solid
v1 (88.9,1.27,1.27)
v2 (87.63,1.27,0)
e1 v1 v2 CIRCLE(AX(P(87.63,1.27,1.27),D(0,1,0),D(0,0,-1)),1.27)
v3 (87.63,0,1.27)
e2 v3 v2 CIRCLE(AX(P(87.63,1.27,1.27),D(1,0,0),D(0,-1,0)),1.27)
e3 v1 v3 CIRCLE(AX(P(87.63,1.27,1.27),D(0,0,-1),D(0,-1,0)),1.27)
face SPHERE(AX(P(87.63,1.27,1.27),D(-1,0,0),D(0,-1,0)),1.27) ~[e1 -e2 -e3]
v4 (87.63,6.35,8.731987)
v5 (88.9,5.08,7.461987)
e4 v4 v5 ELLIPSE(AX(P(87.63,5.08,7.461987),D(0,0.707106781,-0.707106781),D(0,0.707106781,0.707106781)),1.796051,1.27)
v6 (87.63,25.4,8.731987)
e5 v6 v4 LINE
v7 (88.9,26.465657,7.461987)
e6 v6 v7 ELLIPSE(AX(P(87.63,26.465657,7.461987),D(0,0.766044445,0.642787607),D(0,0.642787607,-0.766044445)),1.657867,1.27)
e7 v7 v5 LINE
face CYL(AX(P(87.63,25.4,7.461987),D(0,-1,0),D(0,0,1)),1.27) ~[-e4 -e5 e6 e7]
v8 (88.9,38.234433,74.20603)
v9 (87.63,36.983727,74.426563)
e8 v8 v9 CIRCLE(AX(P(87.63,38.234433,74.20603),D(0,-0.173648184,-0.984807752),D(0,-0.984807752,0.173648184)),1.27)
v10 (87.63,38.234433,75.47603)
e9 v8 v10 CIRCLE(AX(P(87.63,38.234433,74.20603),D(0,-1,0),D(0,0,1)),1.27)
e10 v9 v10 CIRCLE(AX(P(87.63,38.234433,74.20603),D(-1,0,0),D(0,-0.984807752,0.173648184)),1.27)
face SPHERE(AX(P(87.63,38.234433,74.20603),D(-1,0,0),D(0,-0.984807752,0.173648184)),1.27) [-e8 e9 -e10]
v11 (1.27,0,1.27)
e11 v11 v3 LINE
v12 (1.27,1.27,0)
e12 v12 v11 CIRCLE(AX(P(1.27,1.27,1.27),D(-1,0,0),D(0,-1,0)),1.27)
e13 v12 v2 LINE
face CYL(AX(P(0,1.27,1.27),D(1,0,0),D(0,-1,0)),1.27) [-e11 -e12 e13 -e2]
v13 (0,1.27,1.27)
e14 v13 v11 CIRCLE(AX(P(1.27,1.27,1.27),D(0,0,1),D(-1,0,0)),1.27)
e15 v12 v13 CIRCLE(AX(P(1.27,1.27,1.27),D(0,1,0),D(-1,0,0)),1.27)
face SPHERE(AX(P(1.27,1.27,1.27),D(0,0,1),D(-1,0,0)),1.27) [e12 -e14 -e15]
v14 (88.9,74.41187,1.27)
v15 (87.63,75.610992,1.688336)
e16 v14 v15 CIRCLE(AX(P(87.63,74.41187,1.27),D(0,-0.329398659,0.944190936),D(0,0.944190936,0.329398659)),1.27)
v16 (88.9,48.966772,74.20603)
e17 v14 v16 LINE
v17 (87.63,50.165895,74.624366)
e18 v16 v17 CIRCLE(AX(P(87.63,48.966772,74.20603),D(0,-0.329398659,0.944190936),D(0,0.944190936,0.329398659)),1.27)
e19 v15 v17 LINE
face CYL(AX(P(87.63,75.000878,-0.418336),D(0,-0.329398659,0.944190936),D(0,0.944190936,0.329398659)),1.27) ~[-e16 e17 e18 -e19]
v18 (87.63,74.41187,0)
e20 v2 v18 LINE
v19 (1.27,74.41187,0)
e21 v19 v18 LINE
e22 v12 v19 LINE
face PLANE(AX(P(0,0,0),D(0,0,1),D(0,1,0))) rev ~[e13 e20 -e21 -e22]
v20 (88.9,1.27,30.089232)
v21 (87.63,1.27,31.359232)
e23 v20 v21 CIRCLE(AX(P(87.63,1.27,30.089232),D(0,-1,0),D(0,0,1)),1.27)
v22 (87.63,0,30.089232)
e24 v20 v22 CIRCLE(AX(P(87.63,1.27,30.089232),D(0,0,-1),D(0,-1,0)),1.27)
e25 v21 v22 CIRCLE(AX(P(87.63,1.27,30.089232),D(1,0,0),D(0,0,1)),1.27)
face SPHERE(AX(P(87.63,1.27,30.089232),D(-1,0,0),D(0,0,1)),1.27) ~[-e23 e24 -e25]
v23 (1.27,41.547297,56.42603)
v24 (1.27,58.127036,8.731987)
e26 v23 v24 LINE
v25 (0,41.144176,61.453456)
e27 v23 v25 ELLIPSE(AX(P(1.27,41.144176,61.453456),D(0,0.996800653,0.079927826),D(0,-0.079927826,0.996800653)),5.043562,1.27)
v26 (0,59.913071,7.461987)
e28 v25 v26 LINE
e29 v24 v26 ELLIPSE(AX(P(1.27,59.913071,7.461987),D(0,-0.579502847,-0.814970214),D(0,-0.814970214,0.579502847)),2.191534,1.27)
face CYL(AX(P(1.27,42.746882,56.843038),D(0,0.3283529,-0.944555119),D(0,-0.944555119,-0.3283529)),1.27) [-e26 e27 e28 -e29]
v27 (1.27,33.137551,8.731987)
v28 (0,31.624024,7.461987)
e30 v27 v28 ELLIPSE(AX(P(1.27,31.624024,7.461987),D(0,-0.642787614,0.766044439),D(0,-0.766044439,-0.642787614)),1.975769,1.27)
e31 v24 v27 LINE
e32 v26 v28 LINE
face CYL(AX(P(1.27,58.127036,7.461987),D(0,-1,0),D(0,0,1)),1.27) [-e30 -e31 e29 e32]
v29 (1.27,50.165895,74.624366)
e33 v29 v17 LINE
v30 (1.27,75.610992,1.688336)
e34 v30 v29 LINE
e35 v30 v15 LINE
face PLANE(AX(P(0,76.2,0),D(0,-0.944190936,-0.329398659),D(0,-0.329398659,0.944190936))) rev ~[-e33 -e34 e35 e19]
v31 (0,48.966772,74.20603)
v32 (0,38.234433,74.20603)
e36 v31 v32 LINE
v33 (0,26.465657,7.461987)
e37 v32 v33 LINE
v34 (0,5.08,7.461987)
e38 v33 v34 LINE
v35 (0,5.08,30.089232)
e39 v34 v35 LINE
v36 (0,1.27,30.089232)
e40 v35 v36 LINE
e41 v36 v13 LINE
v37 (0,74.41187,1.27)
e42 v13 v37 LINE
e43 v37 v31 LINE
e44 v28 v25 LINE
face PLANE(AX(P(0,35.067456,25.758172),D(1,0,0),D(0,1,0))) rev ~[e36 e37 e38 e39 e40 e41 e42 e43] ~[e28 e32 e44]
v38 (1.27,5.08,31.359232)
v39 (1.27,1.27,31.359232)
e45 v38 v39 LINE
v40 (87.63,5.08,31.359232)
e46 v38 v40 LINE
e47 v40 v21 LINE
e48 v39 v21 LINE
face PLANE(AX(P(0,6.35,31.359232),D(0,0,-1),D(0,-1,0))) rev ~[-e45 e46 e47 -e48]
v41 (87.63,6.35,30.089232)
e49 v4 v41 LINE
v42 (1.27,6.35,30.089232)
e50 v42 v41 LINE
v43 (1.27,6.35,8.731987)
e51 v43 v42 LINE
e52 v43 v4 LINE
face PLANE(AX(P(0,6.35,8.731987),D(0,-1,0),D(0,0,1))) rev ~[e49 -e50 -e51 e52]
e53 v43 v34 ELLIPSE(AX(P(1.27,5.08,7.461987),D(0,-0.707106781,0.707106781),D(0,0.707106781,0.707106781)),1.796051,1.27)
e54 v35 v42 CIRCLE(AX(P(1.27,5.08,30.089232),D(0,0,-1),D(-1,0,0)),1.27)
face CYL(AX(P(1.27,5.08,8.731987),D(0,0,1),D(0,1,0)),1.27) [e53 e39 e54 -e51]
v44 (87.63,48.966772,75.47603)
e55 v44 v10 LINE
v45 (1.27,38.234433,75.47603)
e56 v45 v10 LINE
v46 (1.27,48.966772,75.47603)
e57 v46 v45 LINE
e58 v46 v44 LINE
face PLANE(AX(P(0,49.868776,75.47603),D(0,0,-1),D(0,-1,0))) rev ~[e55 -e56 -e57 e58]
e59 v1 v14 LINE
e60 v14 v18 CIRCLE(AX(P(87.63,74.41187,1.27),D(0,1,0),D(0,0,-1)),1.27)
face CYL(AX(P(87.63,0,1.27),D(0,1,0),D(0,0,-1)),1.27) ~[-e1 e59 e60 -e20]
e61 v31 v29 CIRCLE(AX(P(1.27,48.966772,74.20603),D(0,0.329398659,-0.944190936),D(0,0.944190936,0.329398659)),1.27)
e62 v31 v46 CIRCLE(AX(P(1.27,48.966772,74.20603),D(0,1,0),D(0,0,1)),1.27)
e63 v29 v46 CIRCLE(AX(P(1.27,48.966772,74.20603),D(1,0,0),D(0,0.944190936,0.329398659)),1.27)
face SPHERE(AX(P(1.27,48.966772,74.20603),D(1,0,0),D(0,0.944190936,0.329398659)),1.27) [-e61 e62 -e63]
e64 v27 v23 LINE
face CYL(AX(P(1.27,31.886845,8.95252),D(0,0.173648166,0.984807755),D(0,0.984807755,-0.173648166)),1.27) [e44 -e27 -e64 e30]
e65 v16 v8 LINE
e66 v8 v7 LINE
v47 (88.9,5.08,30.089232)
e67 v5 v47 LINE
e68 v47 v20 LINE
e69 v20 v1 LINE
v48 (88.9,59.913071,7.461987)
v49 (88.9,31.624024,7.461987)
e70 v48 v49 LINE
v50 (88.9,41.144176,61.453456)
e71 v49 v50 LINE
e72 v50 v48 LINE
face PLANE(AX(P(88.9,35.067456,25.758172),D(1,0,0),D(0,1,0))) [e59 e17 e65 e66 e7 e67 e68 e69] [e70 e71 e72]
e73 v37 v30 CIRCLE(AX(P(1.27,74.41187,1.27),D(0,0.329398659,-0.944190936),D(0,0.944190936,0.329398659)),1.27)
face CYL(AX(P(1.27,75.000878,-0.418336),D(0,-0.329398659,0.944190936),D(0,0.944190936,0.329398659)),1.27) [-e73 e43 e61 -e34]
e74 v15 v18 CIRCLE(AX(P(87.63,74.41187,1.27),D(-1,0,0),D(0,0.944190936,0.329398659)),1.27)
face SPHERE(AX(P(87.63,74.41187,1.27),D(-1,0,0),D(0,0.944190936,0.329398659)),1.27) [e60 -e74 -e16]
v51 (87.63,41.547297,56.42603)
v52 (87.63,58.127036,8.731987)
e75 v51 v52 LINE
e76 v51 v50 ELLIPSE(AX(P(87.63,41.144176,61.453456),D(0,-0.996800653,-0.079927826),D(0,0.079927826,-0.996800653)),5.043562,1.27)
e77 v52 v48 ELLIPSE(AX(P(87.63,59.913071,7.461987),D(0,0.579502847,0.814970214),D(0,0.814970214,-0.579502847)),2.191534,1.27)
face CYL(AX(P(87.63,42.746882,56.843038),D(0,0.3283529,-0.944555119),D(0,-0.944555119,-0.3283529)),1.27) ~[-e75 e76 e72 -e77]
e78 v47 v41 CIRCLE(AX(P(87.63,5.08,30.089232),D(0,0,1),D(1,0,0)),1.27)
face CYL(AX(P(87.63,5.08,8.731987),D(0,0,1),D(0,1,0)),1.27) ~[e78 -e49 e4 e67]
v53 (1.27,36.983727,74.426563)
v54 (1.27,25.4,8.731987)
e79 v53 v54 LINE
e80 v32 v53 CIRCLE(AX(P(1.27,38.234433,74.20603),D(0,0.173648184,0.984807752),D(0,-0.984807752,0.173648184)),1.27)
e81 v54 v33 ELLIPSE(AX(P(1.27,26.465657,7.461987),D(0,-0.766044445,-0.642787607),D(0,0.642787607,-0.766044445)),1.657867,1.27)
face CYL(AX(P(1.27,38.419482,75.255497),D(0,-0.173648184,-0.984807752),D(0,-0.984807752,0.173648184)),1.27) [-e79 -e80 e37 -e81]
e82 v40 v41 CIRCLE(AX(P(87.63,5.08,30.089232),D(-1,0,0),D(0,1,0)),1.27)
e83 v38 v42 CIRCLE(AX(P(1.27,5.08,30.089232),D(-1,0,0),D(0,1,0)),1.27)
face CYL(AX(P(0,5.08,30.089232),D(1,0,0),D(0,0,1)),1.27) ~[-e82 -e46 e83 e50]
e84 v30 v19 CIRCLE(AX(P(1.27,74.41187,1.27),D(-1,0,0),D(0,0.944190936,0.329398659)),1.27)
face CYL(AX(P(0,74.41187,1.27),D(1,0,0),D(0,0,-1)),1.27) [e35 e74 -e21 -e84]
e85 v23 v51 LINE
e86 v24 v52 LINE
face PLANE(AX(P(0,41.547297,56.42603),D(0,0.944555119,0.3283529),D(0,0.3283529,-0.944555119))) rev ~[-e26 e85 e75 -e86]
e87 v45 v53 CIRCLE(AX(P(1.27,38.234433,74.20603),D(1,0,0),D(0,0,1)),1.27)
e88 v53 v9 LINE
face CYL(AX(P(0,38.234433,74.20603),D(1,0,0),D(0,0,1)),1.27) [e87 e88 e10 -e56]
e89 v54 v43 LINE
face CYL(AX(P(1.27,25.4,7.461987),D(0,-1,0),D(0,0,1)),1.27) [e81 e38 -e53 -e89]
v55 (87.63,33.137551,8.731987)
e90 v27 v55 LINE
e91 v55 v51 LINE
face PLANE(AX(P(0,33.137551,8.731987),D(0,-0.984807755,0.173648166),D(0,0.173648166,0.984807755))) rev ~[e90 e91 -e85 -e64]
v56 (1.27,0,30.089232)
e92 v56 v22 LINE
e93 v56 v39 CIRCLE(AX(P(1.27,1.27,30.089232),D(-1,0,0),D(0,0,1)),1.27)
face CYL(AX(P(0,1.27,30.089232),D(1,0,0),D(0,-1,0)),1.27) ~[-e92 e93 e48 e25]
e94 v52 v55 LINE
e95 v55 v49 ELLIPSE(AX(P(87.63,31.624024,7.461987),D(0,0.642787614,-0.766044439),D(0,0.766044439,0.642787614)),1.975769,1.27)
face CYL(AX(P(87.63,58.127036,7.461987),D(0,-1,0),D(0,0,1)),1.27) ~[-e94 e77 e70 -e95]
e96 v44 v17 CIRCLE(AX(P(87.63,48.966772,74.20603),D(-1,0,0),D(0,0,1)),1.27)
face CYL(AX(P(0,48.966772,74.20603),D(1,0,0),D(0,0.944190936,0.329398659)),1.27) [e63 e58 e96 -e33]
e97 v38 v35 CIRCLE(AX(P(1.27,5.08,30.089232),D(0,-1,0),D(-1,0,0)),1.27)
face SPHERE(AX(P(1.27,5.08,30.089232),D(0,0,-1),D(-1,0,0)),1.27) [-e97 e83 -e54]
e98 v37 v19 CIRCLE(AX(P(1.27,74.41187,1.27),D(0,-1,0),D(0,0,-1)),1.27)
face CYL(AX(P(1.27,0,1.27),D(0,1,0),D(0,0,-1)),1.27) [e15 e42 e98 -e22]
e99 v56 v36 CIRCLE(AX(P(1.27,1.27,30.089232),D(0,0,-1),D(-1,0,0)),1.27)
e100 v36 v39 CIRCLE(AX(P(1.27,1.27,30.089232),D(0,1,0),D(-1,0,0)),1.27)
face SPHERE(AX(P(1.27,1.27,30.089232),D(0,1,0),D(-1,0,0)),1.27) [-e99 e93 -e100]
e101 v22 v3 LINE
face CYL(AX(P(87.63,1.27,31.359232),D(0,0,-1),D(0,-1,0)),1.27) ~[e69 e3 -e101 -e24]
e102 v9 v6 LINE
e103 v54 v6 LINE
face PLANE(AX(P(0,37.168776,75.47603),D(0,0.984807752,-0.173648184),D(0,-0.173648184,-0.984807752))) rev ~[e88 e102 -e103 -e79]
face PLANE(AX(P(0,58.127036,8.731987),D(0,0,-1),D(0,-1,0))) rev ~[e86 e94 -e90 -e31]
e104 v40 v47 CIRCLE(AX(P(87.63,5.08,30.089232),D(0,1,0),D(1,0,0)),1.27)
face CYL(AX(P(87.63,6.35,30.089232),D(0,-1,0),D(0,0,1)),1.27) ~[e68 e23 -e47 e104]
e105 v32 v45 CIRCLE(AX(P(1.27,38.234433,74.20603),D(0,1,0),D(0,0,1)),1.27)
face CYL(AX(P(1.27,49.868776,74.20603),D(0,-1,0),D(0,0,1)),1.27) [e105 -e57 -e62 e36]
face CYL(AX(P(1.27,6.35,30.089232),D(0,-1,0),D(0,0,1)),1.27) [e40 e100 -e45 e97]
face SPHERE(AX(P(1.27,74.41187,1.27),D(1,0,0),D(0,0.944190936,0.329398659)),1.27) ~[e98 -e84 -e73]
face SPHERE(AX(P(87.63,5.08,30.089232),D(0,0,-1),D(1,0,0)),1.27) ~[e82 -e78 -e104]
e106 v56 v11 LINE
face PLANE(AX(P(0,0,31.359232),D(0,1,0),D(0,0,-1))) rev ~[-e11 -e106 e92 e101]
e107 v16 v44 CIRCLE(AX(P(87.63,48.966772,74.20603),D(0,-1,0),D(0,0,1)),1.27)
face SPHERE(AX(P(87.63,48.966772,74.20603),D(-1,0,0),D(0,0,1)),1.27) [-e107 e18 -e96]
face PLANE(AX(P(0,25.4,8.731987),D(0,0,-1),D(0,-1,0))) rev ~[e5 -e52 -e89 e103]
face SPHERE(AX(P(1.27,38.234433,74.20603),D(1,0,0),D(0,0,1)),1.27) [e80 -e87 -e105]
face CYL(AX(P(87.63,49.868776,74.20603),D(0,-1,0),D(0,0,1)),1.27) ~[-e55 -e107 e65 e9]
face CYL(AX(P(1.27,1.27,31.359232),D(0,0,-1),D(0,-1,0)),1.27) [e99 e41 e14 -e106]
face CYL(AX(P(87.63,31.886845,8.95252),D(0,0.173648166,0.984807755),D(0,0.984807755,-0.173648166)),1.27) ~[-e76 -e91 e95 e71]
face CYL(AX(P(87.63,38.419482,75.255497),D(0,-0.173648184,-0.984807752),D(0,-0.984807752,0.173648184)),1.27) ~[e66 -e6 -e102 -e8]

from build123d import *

# Parameters (mm, degrees)
F1_DEPTH = 88.9
F2_R     = 1.27


with BuildPart() as f1:
    # F0 (on Right) → F1 (new body)
    with BuildSketch(Plane.YZ):
        Polygon((0, 31.359232), (0, 0), (76.2, 0), (49.868776, 75.47603), (37.168776, 75.47603), (25.4, 8.731987), (6.35, 8.731987), (6.35, 31.359232), align=None)
        Polygon((33.137551, 8.731987), (41.547297, 56.42603), (58.127036, 8.731987), align=None, mode=Mode.SUBTRACT)
    extrude(amount=F1_DEPTH)

    # F2
    f2_edges = [f1.edges().sort_by_distance(p)[0] for p in [
        (88.9, 31.284388, 42.104009),
        (88.9, 63.034388, 37.738015),
        (88.9, 49.837166, 32.579009),
        (88.9, 37.342424, 32.579009),
        (44.45, 49.868776, 75.47603),
        (0, 63.034388, 37.738015),
        (0, 6.35, 20.04561),
        (0, 3.175, 31.359232),
        (0, 0, 15.679616),
        (0, 38.1, 0),
        (0, 43.518776, 75.47603),
        (0, 31.284388, 42.104009),
        (0, 15.875, 8.731987),
        (0, 45.632293, 8.731987),
        (0, 37.342424, 32.579009),
        (0, 49.837166, 32.579009),
        (44.45, 0, 0),
        (44.45, 0, 31.359232),
        (88.9, 6.35, 20.04561),
        (88.9, 3.175, 31.359232),
        (88.9, 0, 15.679616),
        (88.9, 38.1, 0),
        (88.9, 43.518776, 75.47603),
        (88.9, 15.875, 8.731987),
        (88.9, 45.632293, 8.731987),
        (44.45, 6.35, 31.359232),
        (44.45, 37.168776, 75.47603),
        (44.45, 76.2, 0),
    ]]
    fillet(f2_edges, radius=F2_R)


solid = f1.part
